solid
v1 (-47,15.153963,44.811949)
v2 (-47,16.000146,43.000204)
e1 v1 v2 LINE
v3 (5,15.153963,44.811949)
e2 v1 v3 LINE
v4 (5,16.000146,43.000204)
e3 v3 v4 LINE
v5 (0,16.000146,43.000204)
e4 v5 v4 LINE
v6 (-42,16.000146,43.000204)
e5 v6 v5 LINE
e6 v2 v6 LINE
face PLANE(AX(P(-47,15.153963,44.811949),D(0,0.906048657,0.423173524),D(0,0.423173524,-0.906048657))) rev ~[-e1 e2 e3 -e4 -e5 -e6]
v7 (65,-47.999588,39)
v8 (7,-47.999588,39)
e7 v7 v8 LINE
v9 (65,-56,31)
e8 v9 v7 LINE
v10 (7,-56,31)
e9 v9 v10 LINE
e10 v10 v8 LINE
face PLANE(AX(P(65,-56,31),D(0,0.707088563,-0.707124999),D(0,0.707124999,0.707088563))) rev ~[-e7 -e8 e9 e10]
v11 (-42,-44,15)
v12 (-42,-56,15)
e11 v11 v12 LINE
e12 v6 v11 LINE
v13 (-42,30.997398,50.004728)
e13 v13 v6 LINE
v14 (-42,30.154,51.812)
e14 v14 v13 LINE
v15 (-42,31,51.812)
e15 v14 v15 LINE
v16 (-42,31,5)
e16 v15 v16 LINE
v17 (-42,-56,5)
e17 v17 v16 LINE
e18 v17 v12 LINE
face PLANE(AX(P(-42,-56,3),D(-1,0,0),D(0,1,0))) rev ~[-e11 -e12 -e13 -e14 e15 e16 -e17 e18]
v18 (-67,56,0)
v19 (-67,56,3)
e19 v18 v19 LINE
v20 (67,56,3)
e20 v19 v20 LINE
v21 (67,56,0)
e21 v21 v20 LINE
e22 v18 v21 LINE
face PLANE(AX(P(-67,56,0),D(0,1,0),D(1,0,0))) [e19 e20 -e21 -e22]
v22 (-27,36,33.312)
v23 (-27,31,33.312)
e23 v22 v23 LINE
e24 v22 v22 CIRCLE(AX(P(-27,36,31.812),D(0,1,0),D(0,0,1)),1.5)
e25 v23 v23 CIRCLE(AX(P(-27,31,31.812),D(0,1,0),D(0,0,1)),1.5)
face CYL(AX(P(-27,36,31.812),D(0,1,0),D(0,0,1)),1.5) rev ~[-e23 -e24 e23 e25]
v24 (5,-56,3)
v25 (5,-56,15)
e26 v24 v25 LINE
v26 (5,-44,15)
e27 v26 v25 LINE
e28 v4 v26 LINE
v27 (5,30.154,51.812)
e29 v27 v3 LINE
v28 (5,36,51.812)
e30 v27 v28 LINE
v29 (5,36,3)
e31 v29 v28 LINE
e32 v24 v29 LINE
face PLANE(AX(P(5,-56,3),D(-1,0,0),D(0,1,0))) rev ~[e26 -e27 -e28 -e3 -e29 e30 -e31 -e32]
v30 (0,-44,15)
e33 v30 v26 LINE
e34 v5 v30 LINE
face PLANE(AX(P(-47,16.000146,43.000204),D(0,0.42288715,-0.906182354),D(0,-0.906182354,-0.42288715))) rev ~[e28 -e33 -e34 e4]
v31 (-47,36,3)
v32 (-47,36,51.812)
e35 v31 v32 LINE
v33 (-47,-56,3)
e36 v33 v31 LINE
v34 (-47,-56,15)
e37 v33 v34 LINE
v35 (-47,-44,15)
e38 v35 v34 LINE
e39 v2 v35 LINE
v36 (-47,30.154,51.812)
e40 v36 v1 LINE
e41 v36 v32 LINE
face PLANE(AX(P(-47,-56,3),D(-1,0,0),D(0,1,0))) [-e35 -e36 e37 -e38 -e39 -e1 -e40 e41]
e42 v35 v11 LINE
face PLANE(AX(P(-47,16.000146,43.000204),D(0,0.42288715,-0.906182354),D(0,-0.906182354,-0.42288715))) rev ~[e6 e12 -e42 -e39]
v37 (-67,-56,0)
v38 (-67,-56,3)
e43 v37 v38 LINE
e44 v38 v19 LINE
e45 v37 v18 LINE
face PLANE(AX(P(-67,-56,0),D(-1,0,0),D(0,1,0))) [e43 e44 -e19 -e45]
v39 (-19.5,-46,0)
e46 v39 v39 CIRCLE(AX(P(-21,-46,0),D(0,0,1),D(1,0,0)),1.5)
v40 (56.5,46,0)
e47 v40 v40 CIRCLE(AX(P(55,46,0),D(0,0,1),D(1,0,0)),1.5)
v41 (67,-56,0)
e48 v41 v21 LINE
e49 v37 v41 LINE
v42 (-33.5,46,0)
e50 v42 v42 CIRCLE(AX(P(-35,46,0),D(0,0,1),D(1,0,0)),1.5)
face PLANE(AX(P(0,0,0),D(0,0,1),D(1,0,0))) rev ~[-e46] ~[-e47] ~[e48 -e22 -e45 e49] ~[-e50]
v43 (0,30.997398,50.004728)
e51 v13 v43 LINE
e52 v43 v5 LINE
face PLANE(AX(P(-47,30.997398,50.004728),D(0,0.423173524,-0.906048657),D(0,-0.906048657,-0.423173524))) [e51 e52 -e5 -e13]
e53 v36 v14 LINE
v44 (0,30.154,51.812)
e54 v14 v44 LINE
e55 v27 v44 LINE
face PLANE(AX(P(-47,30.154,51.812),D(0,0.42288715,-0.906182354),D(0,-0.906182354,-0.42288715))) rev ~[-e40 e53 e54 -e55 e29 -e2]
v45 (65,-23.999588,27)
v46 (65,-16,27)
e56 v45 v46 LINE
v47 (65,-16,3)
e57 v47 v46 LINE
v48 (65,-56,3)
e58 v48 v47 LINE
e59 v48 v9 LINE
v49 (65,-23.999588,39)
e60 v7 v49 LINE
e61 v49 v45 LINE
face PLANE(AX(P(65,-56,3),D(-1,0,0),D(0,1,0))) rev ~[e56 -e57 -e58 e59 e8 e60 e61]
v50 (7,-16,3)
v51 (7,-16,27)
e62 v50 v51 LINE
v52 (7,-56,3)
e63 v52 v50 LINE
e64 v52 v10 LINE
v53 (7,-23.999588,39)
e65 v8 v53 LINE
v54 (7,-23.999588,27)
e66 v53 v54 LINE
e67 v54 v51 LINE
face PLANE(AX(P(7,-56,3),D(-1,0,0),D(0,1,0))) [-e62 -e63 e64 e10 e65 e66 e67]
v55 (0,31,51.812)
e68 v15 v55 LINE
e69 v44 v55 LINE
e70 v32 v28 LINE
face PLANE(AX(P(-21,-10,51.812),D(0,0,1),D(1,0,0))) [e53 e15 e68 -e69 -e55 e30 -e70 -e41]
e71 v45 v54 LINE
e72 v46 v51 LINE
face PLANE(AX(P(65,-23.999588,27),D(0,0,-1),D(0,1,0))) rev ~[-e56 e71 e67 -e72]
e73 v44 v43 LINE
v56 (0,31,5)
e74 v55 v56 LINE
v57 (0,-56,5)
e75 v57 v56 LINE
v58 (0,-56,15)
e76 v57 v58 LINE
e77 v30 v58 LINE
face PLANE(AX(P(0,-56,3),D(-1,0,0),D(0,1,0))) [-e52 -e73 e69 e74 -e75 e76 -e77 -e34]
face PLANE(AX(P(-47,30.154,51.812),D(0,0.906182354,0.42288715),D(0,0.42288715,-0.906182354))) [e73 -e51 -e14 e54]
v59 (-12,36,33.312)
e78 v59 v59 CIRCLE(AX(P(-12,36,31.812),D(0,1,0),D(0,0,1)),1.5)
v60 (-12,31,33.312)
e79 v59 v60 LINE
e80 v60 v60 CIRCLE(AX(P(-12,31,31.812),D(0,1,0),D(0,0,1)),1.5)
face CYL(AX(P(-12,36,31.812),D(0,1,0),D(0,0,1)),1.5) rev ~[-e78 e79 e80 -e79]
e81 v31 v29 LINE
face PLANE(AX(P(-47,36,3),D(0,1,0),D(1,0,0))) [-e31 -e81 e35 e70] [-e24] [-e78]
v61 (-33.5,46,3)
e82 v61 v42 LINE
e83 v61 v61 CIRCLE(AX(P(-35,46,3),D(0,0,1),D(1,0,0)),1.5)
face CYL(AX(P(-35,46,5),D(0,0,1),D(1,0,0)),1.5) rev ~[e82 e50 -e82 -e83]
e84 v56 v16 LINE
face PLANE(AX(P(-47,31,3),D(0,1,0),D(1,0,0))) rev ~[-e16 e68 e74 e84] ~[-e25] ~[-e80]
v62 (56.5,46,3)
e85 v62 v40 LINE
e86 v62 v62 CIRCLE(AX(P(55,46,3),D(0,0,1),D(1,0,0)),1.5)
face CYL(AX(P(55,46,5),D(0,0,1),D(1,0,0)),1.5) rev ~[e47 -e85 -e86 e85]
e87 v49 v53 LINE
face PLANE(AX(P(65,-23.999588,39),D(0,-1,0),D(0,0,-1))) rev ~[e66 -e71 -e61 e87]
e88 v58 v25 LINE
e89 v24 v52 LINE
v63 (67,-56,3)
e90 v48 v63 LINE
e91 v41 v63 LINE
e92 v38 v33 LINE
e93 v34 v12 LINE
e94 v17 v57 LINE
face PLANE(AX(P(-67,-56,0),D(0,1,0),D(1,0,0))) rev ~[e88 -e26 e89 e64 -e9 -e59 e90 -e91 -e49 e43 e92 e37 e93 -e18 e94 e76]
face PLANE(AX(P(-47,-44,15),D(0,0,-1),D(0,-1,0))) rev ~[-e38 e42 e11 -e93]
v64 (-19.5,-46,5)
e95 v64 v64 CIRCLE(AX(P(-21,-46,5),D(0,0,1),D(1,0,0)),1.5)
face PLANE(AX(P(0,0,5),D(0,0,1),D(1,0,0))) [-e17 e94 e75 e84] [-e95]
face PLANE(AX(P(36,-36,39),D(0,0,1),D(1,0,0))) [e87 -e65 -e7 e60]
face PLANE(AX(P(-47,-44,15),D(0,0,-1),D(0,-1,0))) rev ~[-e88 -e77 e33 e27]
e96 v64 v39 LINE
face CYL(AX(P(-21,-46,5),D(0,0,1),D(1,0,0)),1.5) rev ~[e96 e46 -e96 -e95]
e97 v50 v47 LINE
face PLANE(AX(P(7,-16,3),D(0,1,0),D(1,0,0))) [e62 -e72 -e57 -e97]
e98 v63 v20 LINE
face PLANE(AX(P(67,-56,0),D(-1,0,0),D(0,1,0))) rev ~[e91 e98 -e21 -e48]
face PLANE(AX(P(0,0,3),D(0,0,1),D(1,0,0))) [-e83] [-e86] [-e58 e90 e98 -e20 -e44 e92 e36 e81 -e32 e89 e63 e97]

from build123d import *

# Parameters (mm, degrees)
CROQUIS1_W              = 134
CROQUIS1_H              = 112
SALIENTE_EXTRUIR1_DEPTH = 3
CROQUIS2_W              = 52
CROQUIS2_H              = 92
SALIENTE_EXTRUIR2_DEPTH = 48.812
VACIADO1_T              = -5
CORTAR_EXTRUIR1_DEPTH   = 58.812
SALIENTE_EXTRUIR3_DEPTH = 48.812
CROQUIS5_W              = 58
CROQUIS5_H              = 40
SALIENTE_EXTRUIR4_DEPTH = 36
CROQUIS6_W              = 12
CROQUIS6_H              = 7.999587761
CORTAR_EXTRUIR2_DEPTH   = 58
CROQUIS7_R              = 1.5
CORTAR_EXTRUIR3_DEPTH   = 58
CROQUIS8_R              = 1.5
CORTAR_EXTRUIR4_DEPTH   = 58


with BuildPart() as part:
    # Croquis1 → Saliente-Extruir1 (new body)
    with BuildSketch(Plane.XY):
        Rectangle(CROQUIS1_W, CROQUIS1_H)
    extrude(amount=SALIENTE_EXTRUIR1_DEPTH)

    # Croquis2 → Saliente-Extruir2 (add)
    with BuildSketch(Plane.XY.offset(3)):
        with Locations((-21, -10)):
            Rectangle(CROQUIS2_W, CROQUIS2_H)
    extrude(amount=SALIENTE_EXTRUIR2_DEPTH)

    # Vaciado1
    vaciado1_openings = [part.faces().sort_by_distance(p)[0] for p in [
        (-21, -10, 51.812),
        (-18.128790187, -56, 23.864020885),
    ]]
    offset(amount=VACIADO1_T, openings=vaciado1_openings)

    # Croquis3 → Cortar-Extruir1 (cut)
    with BuildSketch(Plane.ZY.offset(47)):
        Polygon((15, -44), (15, -56), (51.812, -56), (51.812, 30.154), (44.811949005, 15.153963498), (43.00020398, 16.000146009), align=None)
    extrude(amount=-CORTAR_EXTRUIR1_DEPTH, mode=Mode.SUBTRACT)

    # Croquis4 → Saliente-Extruir3 (add)
    with BuildSketch(Plane.ZY.offset(47)):
        Polygon((43.00020398, 16.000146009), (44.811949005, 15.153963498), (51.812, 30.154), (50.004728246, 30.997397577), align=None)
    extrude(amount=-SALIENTE_EXTRUIR3_DEPTH)

    # Croquis5 → Saliente-Extruir4 (add)
    with BuildSketch(Plane.XY.offset(3)):
        with Locations((36, -36)):
            Rectangle(CROQUIS5_W, CROQUIS5_H)
    extrude(amount=SALIENTE_EXTRUIR4_DEPTH)

    # Croquis6 → Cortar-Extruir2 (cut)
    with BuildSketch(Plane(origin=(65, 0, 0), x_dir=(0, 0, -1), z_dir=(1, 0, 0))):
        with Locations((-33, -19.999793881)):
            Rectangle(CROQUIS6_W, CROQUIS6_H)
        Polygon((-39, -56), (-31, -56), (-39, -47.999587761), align=None)
    extrude(amount=-CORTAR_EXTRUIR2_DEPTH, mode=Mode.SUBTRACT)

    # Croquis7 → Cortar-Extruir3 (cut)
    with BuildSketch(Plane.XY.offset(5)):
        with Locations((-21, -46)):
            Circle(CROQUIS7_R)
        with Locations((-35, 46)):
            Circle(CROQUIS7_R)
        with Locations((55, 46)):
            Circle(CROQUIS7_R)
    extrude(amount=-CORTAR_EXTRUIR3_DEPTH, mode=Mode.SUBTRACT)

    # Croquis8 → Cortar-Extruir4 (cut)
    with BuildSketch(Plane(origin=(0, 36, 0), x_dir=(1, 0, 0), z_dir=(0, 1, 0))):
        with Locations(Location((-27, -31.812, 0), (0, 0, 270))):
            Circle(CROQUIS8_R)
        with Locations(Location((-12, -31.812, 0), (0, 0, 270))):
            Circle(CROQUIS8_R)
    extrude(amount=-CORTAR_EXTRUIR4_DEPTH, mode=Mode.SUBTRACT)


solid = part.part
